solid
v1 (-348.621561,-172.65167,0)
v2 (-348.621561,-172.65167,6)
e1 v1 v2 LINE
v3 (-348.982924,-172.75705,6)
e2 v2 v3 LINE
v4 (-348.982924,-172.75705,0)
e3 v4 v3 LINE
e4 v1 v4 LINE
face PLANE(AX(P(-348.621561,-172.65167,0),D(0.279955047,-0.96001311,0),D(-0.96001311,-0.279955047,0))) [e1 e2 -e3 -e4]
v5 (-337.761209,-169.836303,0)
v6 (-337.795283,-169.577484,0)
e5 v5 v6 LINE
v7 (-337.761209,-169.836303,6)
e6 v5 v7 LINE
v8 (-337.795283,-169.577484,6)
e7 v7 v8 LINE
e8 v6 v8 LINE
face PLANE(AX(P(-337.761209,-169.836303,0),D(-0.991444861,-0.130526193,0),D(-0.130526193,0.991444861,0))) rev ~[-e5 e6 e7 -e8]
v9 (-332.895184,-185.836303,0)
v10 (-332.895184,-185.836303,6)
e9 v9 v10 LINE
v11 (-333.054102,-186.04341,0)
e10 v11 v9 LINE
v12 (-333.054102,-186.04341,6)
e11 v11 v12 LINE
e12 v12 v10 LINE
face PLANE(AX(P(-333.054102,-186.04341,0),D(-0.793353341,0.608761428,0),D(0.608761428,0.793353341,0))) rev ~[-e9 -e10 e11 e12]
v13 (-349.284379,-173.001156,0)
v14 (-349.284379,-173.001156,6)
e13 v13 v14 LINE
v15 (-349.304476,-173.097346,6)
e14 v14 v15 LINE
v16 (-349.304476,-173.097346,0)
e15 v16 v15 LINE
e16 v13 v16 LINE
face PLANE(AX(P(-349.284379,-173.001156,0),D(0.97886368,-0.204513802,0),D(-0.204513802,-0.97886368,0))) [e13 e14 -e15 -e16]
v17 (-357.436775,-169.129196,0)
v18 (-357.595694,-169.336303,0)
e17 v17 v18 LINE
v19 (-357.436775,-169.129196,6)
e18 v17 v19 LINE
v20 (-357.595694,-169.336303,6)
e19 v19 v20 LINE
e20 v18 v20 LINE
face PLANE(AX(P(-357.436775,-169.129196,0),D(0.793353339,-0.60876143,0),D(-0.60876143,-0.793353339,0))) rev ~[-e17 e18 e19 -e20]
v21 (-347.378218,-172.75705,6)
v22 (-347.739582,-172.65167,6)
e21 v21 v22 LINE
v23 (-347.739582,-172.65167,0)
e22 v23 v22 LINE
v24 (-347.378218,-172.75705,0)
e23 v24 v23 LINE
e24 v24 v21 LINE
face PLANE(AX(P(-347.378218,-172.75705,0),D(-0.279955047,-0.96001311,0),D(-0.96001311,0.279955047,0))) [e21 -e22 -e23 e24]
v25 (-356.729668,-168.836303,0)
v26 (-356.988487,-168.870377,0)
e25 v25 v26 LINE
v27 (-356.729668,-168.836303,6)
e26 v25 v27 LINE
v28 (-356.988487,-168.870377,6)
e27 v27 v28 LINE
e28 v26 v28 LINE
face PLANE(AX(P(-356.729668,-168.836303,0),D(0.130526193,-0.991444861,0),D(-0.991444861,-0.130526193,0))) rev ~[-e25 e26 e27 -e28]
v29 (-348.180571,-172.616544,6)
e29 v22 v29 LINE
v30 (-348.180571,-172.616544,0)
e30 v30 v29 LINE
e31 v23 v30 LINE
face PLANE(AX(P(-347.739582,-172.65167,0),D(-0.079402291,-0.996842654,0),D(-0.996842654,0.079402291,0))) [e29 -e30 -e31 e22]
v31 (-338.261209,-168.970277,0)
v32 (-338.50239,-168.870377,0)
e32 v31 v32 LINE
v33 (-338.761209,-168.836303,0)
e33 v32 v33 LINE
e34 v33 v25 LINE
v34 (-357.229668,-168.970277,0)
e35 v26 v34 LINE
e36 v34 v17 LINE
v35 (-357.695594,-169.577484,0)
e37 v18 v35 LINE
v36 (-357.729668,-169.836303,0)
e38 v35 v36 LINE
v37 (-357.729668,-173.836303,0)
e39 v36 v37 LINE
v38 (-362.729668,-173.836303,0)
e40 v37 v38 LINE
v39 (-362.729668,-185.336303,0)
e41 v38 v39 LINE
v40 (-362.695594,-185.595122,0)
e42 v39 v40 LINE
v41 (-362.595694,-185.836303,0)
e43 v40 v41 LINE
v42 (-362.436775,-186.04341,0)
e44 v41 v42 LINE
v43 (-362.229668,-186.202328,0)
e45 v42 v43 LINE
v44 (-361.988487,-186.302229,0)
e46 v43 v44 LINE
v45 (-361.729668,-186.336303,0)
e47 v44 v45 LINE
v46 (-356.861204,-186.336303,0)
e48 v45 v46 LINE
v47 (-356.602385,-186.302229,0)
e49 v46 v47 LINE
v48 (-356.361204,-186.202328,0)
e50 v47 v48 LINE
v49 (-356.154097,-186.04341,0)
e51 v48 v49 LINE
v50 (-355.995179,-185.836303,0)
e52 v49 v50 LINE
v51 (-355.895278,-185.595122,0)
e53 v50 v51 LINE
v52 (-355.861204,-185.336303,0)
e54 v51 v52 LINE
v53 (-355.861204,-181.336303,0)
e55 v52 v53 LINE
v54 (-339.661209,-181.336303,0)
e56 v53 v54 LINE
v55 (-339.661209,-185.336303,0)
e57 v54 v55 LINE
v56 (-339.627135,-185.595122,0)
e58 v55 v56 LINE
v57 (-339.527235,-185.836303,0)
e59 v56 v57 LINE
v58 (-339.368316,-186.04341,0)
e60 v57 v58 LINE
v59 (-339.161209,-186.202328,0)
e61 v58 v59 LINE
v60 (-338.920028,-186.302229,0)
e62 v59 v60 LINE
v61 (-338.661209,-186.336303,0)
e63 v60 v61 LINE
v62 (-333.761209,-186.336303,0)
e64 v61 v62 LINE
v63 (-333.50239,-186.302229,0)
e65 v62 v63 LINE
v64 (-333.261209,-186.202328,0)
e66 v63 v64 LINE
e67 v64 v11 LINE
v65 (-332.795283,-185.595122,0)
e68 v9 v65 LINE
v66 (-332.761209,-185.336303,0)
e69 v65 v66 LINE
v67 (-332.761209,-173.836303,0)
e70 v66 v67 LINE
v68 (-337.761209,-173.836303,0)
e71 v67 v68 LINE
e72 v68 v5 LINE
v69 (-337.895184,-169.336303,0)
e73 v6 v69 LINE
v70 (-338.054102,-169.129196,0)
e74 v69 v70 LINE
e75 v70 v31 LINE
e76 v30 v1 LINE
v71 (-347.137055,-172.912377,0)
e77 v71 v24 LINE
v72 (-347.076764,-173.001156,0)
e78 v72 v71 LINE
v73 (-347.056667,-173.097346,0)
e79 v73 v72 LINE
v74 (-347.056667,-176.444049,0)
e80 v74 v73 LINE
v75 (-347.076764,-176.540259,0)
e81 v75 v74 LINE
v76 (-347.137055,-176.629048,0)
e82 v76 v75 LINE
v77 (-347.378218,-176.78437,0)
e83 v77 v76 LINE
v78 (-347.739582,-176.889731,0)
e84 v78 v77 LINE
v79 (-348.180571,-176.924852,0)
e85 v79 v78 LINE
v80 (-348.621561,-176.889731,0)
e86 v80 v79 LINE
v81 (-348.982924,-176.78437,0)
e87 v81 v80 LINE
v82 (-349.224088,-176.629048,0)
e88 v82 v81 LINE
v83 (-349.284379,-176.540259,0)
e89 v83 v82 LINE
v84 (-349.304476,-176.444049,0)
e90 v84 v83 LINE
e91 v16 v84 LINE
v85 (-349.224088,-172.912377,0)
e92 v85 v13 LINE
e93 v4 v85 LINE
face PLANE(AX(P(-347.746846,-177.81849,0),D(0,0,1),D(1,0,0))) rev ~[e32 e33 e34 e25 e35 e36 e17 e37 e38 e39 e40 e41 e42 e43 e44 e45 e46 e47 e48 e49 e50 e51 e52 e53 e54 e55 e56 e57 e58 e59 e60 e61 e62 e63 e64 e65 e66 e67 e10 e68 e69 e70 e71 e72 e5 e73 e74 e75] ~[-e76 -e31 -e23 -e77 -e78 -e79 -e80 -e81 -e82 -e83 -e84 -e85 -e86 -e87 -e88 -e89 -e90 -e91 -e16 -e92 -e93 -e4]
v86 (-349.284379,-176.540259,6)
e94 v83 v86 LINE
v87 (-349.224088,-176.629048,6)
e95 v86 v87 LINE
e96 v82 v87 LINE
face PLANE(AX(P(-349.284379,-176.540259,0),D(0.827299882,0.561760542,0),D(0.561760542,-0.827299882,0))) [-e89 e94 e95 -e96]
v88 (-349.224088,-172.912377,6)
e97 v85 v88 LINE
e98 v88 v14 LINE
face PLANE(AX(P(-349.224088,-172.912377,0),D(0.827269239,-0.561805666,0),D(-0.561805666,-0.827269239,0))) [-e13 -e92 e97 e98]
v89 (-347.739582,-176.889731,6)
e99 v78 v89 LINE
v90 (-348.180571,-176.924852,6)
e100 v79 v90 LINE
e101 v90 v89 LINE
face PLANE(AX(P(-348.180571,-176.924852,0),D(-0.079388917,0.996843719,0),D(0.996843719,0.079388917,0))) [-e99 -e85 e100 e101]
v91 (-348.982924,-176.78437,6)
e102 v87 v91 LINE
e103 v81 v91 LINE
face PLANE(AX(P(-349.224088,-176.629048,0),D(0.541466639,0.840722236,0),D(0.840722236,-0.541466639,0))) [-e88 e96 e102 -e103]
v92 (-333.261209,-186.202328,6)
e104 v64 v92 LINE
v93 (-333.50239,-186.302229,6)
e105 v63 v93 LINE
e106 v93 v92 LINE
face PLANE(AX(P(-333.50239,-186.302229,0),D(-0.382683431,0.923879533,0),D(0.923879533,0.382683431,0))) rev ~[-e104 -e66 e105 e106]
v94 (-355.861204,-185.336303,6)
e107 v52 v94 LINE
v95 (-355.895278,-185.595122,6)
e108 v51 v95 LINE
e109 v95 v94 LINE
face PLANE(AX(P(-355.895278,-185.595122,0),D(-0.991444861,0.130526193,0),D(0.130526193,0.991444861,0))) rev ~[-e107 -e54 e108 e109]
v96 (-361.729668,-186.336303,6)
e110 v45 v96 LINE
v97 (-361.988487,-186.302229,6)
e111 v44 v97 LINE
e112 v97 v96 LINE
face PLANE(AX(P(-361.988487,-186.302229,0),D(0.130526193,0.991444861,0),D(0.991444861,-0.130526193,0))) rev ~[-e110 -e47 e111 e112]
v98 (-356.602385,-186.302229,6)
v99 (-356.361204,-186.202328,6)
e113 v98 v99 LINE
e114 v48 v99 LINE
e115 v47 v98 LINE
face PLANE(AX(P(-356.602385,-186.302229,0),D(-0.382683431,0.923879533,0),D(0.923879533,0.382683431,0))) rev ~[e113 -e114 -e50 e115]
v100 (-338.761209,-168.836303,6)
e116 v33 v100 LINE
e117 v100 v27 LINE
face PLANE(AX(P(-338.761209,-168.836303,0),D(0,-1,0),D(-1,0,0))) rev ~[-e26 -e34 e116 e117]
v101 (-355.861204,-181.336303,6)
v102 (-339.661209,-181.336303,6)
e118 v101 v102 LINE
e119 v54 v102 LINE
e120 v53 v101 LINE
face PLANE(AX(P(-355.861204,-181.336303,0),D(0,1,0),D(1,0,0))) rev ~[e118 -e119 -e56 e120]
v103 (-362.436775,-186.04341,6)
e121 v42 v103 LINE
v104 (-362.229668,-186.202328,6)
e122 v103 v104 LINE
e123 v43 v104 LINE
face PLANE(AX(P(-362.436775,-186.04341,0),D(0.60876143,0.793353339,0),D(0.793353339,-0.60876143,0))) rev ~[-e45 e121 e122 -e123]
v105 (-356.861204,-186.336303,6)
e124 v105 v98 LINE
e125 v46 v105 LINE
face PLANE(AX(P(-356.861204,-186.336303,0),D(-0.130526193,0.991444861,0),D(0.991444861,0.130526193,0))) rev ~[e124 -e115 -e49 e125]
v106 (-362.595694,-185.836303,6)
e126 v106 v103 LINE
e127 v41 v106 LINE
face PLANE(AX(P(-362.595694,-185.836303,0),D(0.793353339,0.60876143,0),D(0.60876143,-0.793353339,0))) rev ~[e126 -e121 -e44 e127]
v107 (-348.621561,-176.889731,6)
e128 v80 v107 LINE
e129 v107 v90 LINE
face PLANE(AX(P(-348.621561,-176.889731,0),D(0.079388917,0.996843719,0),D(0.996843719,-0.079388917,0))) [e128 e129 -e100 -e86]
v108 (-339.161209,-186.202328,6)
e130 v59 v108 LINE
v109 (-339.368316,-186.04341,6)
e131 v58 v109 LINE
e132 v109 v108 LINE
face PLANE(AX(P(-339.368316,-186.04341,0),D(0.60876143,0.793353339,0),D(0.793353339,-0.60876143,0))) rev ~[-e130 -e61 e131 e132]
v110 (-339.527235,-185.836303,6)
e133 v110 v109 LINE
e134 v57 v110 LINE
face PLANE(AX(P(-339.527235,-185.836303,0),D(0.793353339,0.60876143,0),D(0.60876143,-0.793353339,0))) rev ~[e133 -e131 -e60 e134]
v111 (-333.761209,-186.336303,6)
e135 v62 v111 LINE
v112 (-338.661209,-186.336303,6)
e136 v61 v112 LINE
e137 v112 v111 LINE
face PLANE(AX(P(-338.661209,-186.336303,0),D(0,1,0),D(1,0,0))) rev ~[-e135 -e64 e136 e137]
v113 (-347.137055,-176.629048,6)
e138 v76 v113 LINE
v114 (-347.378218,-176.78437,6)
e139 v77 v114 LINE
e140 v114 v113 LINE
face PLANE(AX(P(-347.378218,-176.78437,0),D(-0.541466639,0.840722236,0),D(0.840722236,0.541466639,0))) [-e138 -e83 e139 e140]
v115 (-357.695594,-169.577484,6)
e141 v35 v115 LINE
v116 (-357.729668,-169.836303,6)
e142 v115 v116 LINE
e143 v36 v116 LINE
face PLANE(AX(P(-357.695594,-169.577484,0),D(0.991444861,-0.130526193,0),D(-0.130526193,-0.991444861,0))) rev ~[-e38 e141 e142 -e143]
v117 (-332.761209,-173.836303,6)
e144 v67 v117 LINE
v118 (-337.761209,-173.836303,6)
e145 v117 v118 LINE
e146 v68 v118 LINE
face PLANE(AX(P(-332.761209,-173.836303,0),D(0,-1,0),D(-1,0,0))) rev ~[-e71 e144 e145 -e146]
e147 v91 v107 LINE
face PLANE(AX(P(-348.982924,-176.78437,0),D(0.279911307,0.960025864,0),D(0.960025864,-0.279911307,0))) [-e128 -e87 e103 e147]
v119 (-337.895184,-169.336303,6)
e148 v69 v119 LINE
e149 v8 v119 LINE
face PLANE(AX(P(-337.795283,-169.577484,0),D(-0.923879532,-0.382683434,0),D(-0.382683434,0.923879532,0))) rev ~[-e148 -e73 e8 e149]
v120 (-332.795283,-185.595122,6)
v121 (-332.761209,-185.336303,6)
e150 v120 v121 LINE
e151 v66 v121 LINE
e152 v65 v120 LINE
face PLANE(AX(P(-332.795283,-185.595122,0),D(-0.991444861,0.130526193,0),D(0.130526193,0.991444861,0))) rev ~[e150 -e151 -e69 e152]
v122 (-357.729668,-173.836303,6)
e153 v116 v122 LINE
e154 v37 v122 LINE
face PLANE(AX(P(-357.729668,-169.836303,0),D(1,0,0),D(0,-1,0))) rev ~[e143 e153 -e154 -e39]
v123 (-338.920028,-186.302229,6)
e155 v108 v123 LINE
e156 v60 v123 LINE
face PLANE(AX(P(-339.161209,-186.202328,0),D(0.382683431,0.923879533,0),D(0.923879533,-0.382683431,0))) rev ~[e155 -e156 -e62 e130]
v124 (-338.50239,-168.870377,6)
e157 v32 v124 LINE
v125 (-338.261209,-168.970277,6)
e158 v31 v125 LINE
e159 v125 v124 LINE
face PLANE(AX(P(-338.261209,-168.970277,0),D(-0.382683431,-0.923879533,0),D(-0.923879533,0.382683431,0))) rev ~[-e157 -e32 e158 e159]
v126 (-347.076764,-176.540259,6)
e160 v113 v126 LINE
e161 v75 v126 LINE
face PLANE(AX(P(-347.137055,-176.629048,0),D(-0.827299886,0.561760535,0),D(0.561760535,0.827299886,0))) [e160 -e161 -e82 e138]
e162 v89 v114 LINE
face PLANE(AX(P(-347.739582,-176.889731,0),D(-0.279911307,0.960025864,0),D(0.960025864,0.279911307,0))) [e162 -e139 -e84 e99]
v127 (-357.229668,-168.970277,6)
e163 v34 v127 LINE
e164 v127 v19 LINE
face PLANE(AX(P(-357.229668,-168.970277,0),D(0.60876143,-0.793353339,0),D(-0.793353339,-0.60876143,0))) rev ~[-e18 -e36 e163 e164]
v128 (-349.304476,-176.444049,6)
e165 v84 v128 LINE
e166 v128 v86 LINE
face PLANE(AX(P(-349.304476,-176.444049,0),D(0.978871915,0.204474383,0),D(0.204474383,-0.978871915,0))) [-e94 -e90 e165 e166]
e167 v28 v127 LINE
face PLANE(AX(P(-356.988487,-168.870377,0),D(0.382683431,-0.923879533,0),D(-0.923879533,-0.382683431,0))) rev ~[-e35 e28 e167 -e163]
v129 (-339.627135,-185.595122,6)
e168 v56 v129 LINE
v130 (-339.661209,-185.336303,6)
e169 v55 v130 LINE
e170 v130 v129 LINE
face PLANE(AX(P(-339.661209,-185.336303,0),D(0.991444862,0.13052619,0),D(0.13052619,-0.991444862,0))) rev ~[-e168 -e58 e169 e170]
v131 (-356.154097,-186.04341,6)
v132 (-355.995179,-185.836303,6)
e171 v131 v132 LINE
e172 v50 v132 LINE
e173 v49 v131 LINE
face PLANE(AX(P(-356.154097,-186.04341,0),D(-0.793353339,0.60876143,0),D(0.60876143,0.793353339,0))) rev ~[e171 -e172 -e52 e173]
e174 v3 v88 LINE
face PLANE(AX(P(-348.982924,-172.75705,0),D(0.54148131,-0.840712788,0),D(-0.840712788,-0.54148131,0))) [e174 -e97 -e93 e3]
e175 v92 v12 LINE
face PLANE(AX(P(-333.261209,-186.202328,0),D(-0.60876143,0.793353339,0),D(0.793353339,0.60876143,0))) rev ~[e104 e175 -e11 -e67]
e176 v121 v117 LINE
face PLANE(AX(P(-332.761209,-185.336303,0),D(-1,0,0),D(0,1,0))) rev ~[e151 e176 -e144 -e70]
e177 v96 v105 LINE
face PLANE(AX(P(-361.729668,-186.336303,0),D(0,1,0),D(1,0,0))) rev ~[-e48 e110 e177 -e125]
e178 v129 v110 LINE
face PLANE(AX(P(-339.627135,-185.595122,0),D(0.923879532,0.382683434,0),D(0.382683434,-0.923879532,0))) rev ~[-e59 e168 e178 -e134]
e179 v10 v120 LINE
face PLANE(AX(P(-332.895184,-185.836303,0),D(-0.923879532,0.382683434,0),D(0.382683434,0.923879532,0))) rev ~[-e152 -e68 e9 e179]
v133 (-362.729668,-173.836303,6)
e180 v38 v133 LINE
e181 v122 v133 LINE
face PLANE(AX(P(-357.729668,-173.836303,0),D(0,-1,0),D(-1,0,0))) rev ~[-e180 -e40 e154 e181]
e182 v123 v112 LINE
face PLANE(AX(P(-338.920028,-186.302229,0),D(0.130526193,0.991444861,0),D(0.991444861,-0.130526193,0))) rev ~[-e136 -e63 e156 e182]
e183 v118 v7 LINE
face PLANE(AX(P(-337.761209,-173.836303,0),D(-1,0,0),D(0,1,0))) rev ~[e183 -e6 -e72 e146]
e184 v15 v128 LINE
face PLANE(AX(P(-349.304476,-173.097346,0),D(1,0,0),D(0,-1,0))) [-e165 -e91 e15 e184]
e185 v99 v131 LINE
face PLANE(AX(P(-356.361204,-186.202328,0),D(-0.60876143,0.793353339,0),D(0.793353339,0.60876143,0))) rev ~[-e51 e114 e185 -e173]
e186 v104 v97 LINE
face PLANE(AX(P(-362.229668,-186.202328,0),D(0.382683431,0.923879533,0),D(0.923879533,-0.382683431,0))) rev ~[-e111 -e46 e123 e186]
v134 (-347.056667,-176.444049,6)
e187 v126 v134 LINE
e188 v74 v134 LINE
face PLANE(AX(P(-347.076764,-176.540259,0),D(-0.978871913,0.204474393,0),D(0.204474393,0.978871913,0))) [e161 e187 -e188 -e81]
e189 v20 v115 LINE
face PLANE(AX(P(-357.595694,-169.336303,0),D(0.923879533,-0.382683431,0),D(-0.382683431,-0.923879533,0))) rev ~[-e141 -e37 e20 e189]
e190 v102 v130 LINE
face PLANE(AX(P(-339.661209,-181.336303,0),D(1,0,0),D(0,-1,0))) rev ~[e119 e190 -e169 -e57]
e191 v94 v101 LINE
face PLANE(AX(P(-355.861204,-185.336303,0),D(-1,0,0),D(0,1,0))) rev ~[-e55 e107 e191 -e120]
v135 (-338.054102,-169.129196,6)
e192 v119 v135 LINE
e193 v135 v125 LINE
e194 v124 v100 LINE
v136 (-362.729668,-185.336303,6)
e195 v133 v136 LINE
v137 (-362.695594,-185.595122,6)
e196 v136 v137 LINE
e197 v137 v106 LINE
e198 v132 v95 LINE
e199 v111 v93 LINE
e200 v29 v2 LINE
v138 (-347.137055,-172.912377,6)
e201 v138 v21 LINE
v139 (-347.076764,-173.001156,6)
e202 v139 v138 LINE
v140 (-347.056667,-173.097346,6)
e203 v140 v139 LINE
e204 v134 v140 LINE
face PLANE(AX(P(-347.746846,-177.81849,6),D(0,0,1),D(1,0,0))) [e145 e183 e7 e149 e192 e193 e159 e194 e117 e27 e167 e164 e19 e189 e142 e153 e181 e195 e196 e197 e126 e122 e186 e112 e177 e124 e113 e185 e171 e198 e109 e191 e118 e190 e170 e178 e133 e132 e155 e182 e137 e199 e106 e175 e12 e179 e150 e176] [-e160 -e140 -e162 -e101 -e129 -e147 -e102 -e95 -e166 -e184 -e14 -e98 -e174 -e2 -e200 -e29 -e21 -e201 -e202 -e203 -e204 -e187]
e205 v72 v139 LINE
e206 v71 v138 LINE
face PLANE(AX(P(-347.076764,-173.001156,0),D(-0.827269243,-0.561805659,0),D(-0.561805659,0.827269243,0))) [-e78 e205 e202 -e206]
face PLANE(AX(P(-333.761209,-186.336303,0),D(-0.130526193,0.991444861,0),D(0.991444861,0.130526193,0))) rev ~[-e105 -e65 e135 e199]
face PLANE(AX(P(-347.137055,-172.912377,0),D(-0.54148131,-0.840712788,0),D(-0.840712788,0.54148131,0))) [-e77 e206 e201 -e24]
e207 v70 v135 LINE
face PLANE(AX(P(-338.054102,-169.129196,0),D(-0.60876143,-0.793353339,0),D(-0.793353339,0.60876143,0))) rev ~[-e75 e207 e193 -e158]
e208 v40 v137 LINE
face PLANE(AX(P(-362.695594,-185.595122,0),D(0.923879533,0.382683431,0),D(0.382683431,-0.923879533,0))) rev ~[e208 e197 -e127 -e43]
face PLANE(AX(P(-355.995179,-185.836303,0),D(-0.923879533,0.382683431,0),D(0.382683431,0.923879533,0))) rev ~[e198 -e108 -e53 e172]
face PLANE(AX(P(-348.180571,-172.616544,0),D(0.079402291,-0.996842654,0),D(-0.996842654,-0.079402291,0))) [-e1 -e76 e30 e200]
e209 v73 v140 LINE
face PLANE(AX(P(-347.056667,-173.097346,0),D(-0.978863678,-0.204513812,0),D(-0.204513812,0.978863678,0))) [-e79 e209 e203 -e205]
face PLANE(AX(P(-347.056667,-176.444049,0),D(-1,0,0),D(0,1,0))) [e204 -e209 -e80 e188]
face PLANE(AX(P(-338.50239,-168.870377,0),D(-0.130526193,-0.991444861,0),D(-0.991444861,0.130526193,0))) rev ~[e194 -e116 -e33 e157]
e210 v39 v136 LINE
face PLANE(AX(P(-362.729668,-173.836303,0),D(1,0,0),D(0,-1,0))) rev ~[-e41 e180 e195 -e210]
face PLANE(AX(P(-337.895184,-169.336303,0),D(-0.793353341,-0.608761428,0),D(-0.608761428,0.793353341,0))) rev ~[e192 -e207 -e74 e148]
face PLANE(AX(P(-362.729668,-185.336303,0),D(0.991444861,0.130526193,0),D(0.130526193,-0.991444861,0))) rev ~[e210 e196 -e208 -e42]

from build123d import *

# Parameters (mm, degrees)
BOSS_EXTRUDE1_DEPTH = 6


with BuildPart() as part:
    # Sketch1 → Boss-Extrude1 (new body)
    with BuildSketch(Plane.XY):
        Polygon((-339.62713504, -185.595121869), (-339.527234617, -185.836302824), (-339.368315994, -186.043409605), (-339.161209213, -186.202328228), (-338.920028258, -186.30222865), (-338.661209213, -186.336302824), (-333.761209213, -186.336302824), (-333.502390168, -186.30222865), (-333.261209213, -186.202328228), (-333.054102432, -186.043409605), (-332.89518381, -185.836302824), (-332.795283387, -185.595121869), (-332.761209213, -185.336302824), (-332.761209213, -173.836302824), (-337.761209213, -173.836302824), (-337.761209213, -169.836302824), (-337.795283387, -169.577483779), (-337.89518381, -169.336302824), (-338.054102432, -169.129196043), (-338.261209213, -168.97027742), (-338.502390168, -168.870376998), (-338.761209213, -168.836302824), (-356.729668375, -168.836302824), (-356.98848742, -168.870376998), (-357.229668375, -168.97027742), (-357.436775156, -169.129196043), (-357.595693779, -169.336302824), (-357.695594201, -169.577483779), (-357.729668375, -169.836302824), (-357.729668375, -173.836302824), (-362.729668375, -173.836302824), (-362.729668375, -185.336302824), (-362.695594201, -185.595121869), (-362.595693779, -185.836302824), (-362.436775156, -186.043409605), (-362.229668375, -186.202328228), (-361.98848742, -186.30222865), (-361.729668375, -186.336302824), (-356.861204217, -186.336302824), (-356.602385172, -186.30222865), (-356.361204217, -186.202328228), (-356.154097436, -186.043409605), (-355.995178813, -185.836302824), (-355.895278391, -185.595121869), (-355.861204217, -185.336302824), (-355.861204217, -181.336302824), (-339.661209213, -181.336302824), (-339.661209213, -185.336302824), align=None)
        Polygon((-349.304475558, -176.444049414), (-349.284378617, -176.540258684), (-349.224087791, -176.629048461), (-348.982924491, -176.784369536), (-348.621560638, -176.889731102), (-348.180571214, -176.924851625), (-347.739581789, -176.889731102), (-347.378217936, -176.784369536), (-347.137054636, -176.629048461), (-347.076763811, -176.540258684), (-347.056666869, -176.444049414), (-347.056666869, -173.097345908), (-347.076763811, -173.001155991), (-347.137054636, -172.912376634), (-347.378217936, -172.757049605), (-347.739581789, -172.651670175), (-348.180571214, -172.616543698), (-348.621560638, -172.651670175), (-348.982924491, -172.757049605), (-349.224087791, -172.912376634), (-349.284378617, -173.001155991), (-349.304475558, -173.097345908), align=None, mode=Mode.SUBTRACT)
    extrude(amount=BOSS_EXTRUDE1_DEPTH)


solid = part.part
